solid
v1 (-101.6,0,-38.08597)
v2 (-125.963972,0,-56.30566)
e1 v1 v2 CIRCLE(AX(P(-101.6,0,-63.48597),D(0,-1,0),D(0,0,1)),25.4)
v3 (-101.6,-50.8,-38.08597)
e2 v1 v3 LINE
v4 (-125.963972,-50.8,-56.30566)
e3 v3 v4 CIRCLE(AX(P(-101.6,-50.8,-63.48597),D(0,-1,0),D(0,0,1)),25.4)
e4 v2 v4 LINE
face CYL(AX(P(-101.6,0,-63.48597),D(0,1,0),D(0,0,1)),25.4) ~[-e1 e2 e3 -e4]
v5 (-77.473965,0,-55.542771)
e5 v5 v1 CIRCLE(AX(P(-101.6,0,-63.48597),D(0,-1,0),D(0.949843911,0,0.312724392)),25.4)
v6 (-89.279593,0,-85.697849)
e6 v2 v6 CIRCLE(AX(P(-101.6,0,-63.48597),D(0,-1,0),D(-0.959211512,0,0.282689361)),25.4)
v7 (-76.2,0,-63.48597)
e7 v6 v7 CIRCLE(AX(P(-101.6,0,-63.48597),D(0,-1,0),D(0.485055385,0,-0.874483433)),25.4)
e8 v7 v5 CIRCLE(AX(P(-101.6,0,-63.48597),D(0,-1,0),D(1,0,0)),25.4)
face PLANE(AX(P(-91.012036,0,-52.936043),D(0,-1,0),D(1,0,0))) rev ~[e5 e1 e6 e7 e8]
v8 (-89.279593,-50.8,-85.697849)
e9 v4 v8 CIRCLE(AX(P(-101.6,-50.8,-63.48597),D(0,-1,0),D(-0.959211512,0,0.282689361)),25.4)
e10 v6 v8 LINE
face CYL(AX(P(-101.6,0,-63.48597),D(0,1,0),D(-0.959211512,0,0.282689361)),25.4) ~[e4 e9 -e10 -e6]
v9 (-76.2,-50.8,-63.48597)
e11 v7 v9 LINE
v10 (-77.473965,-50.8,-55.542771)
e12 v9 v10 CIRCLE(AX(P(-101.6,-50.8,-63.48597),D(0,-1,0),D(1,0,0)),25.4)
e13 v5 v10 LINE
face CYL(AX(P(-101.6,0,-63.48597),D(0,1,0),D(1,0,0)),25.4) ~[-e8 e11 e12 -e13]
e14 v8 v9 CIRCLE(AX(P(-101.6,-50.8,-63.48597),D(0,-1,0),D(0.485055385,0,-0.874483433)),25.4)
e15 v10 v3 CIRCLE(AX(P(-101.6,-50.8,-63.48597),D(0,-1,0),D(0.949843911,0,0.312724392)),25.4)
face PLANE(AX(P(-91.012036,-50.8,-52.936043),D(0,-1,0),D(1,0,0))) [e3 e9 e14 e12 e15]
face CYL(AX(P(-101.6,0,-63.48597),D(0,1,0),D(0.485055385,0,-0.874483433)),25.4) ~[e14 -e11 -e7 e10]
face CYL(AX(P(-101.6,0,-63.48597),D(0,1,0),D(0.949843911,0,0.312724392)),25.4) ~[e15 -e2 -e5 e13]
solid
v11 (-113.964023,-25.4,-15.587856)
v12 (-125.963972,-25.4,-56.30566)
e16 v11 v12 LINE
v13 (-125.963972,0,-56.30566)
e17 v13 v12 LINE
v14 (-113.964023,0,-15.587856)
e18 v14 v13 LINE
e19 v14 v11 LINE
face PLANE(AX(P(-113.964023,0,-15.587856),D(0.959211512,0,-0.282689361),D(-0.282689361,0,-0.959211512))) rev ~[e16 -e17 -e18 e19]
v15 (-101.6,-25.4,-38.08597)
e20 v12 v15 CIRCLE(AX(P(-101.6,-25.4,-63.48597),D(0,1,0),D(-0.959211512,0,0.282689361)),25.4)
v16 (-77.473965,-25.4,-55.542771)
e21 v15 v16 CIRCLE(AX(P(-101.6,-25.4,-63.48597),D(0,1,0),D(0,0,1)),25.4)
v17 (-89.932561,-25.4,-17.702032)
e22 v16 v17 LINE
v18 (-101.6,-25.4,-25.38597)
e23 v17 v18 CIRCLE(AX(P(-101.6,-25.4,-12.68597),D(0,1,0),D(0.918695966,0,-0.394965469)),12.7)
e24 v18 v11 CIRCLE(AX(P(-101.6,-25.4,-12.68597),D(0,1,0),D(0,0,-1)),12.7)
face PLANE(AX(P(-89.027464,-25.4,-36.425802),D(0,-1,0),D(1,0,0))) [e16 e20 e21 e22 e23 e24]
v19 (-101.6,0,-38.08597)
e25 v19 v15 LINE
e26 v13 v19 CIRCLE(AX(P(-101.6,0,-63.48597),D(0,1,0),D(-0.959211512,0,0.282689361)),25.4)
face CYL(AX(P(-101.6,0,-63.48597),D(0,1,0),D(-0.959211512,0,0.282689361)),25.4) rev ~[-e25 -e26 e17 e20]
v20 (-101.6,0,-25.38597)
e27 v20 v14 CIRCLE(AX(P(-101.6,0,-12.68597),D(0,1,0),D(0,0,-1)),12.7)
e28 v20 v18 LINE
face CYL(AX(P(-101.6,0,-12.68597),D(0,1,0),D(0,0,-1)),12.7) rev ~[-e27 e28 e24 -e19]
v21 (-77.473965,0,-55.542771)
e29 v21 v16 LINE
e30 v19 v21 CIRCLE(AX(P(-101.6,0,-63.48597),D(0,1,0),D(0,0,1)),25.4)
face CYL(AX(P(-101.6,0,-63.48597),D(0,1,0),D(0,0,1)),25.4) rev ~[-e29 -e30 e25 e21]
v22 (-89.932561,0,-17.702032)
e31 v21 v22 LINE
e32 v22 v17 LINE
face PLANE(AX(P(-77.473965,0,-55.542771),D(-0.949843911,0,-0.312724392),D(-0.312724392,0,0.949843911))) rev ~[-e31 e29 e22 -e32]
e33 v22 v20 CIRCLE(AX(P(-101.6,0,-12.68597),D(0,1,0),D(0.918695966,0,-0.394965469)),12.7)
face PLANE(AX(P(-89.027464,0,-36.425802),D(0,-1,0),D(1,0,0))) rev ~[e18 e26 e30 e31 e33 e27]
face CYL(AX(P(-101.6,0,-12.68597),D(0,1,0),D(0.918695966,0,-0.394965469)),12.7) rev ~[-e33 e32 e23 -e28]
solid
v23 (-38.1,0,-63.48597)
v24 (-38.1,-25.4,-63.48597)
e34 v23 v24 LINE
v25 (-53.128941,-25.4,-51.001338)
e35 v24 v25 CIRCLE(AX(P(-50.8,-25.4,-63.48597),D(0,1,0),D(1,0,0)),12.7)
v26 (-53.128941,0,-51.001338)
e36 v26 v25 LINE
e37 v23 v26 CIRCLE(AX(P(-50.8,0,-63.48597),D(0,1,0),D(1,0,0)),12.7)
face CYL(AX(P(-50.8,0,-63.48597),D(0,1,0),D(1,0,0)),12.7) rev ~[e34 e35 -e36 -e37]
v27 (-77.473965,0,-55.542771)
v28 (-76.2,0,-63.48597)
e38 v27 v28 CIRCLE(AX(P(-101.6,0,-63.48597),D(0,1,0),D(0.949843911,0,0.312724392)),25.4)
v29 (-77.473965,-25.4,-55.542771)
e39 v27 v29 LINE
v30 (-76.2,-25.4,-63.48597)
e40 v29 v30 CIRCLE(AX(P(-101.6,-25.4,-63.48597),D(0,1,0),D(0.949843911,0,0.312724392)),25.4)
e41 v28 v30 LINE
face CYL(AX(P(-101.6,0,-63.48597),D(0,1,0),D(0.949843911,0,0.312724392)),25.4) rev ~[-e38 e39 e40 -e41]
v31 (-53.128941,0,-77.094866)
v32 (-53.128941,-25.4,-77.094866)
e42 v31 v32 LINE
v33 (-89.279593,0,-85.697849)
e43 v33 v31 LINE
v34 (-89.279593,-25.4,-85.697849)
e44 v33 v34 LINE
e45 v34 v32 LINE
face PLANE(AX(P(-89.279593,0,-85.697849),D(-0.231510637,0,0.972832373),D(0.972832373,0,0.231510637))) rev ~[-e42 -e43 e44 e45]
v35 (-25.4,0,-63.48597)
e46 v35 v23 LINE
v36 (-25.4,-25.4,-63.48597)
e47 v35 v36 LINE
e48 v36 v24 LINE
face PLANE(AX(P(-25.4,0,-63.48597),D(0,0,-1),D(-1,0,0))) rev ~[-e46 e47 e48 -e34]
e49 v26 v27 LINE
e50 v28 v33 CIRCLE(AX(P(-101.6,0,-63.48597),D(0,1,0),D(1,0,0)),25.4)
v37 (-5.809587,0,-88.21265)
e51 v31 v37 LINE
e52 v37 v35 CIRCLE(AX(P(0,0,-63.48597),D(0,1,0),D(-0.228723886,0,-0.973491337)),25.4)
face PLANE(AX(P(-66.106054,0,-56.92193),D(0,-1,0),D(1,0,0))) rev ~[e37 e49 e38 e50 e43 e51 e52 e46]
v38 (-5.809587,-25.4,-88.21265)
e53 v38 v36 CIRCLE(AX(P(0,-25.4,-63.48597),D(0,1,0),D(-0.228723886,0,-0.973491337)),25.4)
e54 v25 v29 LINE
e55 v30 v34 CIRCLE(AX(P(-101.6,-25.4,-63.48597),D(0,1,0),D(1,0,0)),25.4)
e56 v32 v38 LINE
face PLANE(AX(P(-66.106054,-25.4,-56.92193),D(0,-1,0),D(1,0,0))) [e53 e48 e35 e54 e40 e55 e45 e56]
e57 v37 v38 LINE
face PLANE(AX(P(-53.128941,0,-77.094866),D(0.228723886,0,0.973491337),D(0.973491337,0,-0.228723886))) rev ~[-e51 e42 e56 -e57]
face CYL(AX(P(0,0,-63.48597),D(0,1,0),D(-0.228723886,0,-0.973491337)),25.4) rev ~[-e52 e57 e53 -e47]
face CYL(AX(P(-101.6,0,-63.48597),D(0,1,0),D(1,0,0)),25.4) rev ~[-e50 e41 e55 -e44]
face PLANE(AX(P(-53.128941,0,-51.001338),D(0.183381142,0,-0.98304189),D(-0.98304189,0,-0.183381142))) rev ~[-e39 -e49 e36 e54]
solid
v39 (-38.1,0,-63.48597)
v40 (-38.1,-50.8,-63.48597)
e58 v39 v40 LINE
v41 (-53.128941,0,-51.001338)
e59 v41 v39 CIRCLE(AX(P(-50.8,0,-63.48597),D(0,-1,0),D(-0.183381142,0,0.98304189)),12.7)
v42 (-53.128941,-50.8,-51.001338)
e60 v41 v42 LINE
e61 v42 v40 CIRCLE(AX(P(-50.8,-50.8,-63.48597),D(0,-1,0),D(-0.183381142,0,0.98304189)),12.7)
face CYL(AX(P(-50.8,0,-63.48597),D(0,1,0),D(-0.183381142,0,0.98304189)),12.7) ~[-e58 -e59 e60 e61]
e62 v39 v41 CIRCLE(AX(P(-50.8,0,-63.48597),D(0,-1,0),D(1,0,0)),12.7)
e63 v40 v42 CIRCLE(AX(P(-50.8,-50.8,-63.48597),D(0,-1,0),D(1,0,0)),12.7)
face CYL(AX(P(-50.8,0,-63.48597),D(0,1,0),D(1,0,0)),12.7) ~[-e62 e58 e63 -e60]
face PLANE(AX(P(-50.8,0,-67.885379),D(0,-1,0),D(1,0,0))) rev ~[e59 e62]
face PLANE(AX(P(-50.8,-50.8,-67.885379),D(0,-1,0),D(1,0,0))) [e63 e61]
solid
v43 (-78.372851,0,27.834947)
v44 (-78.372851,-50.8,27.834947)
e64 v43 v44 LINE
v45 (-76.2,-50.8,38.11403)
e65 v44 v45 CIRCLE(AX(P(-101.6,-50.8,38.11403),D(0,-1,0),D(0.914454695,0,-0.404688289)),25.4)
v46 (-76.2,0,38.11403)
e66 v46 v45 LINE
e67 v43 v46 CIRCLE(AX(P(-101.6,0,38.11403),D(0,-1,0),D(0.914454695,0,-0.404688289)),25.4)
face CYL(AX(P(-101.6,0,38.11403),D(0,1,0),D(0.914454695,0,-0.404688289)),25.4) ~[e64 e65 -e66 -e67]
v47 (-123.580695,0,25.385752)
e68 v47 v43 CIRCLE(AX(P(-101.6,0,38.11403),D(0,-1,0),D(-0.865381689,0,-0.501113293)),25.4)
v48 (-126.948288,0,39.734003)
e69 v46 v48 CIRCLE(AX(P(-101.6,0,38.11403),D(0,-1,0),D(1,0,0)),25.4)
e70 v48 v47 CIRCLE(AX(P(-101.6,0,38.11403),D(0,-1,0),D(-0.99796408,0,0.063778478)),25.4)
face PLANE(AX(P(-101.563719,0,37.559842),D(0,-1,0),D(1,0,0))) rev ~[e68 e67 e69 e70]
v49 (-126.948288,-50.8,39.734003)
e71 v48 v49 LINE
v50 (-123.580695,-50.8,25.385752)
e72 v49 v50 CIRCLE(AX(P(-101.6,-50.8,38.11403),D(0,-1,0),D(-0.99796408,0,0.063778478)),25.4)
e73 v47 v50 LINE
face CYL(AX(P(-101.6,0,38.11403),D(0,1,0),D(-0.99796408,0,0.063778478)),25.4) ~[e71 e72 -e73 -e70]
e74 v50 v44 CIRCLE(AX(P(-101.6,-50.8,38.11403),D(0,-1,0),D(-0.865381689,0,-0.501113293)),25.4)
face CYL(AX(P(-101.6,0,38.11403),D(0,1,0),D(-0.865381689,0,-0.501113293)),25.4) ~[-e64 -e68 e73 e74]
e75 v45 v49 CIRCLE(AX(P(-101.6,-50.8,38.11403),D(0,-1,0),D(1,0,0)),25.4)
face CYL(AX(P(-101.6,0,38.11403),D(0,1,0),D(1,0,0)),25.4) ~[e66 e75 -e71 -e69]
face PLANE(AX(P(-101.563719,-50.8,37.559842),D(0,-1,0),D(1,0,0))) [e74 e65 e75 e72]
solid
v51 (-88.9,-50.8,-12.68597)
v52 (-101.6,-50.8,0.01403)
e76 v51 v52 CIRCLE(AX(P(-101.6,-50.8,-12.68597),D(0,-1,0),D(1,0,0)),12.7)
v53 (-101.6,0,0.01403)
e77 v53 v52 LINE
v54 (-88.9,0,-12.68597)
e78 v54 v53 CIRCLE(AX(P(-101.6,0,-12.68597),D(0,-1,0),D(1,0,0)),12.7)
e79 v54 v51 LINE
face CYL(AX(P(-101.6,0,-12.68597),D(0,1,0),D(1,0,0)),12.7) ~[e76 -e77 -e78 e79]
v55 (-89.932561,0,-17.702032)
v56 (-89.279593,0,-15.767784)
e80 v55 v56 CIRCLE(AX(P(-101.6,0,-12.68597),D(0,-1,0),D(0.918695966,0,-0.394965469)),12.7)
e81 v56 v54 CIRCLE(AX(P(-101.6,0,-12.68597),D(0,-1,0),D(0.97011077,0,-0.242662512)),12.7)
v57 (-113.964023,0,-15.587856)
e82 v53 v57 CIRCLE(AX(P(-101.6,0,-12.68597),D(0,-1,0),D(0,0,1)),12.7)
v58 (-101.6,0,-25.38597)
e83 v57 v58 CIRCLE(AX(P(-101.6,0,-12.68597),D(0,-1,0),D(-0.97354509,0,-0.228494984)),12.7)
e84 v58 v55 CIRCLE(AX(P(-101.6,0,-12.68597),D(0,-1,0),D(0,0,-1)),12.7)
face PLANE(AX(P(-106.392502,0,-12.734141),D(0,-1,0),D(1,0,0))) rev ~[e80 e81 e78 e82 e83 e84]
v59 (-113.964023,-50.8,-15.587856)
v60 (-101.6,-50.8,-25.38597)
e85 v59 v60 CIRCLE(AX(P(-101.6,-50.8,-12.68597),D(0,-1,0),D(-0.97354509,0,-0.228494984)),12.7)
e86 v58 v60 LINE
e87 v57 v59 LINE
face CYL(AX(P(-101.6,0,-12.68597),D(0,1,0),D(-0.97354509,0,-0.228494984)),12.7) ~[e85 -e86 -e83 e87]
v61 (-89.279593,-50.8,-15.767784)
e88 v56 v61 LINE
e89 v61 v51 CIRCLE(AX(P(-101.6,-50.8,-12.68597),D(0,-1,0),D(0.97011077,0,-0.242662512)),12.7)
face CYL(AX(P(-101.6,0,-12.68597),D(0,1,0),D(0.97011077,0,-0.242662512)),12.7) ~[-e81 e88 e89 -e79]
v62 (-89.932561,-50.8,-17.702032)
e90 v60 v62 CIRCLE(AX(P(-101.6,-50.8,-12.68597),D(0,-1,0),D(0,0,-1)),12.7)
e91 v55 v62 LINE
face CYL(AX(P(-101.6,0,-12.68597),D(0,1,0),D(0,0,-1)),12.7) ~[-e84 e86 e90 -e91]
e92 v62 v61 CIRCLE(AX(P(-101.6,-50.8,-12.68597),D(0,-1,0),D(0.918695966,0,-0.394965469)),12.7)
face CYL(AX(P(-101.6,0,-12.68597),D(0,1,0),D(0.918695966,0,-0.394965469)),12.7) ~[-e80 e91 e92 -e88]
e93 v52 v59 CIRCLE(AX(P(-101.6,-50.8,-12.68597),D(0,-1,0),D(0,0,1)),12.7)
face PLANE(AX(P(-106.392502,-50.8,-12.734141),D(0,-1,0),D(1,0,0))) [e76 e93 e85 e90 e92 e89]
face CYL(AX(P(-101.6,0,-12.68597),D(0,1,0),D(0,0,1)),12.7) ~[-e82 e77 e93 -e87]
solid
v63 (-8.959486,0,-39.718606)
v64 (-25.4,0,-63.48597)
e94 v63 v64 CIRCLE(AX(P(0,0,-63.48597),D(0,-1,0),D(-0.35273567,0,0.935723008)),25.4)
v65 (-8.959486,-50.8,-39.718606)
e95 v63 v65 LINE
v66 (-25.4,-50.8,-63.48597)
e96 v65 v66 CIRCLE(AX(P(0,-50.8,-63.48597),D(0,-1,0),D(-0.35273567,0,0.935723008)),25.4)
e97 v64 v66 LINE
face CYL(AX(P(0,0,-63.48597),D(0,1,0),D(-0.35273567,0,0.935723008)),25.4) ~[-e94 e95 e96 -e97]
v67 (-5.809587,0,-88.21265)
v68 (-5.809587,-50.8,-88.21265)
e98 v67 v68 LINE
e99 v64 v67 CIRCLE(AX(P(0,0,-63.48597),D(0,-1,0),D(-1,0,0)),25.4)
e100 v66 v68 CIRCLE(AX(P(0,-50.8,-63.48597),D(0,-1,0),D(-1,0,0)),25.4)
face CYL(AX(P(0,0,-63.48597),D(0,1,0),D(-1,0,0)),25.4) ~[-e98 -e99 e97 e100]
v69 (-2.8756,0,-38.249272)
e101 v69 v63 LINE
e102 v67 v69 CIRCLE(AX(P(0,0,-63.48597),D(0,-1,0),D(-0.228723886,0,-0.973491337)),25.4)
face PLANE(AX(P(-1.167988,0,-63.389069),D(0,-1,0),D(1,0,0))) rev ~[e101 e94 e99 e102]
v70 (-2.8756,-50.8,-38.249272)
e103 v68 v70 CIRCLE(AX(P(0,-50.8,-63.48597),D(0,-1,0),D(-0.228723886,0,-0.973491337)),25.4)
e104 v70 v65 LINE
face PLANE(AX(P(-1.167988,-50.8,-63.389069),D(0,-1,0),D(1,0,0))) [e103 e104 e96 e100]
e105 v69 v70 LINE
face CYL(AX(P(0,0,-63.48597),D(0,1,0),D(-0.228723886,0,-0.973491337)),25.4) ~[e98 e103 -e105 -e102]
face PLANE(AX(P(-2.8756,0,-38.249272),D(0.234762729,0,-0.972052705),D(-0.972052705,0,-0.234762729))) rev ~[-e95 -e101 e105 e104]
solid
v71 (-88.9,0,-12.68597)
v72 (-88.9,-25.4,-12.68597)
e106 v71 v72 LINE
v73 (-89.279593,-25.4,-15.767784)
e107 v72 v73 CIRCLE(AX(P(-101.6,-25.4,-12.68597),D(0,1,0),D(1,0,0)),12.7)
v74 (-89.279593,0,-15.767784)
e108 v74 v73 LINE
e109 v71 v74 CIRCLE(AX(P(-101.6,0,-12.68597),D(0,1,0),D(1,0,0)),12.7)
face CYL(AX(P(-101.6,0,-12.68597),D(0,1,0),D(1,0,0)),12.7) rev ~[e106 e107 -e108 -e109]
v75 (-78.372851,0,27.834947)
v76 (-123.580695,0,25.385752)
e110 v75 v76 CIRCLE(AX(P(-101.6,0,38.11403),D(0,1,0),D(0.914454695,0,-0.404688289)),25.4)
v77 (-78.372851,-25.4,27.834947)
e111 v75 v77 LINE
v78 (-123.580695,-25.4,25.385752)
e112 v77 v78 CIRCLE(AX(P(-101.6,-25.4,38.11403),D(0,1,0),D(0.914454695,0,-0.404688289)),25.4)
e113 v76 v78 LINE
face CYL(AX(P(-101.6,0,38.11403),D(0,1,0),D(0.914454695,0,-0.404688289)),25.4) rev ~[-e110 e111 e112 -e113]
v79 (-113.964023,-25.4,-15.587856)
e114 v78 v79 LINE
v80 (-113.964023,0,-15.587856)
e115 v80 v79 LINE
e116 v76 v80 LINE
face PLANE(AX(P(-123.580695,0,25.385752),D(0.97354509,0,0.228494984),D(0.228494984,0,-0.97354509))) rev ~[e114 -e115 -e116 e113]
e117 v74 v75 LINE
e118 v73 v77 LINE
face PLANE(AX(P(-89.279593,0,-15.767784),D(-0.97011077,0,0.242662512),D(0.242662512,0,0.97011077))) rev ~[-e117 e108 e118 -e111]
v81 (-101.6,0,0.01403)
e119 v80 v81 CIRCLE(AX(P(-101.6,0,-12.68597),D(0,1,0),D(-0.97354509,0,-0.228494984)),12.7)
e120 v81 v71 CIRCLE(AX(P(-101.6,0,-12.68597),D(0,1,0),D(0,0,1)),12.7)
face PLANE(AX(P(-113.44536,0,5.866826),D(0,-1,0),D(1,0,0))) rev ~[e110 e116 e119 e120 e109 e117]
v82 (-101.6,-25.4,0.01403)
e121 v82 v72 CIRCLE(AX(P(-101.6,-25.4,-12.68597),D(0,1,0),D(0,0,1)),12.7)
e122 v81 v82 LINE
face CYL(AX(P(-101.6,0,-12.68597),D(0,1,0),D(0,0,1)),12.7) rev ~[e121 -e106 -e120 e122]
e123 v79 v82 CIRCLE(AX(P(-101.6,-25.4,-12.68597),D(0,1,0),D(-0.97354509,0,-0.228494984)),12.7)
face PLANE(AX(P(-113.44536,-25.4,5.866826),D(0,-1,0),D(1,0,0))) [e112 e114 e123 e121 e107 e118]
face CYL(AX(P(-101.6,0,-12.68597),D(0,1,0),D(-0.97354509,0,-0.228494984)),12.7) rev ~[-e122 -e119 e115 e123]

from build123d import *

# Parameters (mm, degrees)
F1_DEPTH = 50.8
F2_DEPTH = 25.4


with BuildPart() as f1:
    # F0 (on Front) → F1 (new body)
    with BuildSketch(Plane.XZ):
        with BuildLine():
            Line((-126.9482876411, 39.7340031956), (-123.5806948942, 25.3857521911))
            ThreePointArc((-123.5806948942, 25.3857521911), (-114.2858532953, 16.1088230455), (-101.6, 12.7140298423))
            ThreePointArc((-101.6, 12.7140298423), (-87.7423071309, 16.8273121915), (-78.3728507562, 27.8349472954))
            ThreePointArc((-78.3728507562, 27.8349472954), (-76.7491490006, 32.8609160415), (-76.2, 38.1140298423))
            ThreePointArc((-76.2, 38.1140298423), (-100.7896007414, 63.5010984609), (-126.9482876411, 39.7340031956))
        make_face()
        with BuildLine():
            ThreePointArc((-126.9482876411, 39.7340031956), (-126.3280452863, 32.3102572485), (-123.5806948942, 25.3857521911))
            Line((-123.5806948942, 25.3857521911), (-126.9482876411, 39.7340031956))
        make_face()
    extrude(amount=F1_DEPTH)


with BuildPart() as f1b:
    # F0 (on Front) → F1, piece 2 (new body)
    with BuildSketch(Plane.XZ):
        with BuildLine():
            ThreePointArc((-113.9640226431, -15.5878564546), (-109.4878401362, -22.6394609014), (-101.6, -25.3859701577))
            Line((-101.6, -25.3859701577), (-101.6, -12.6859701577))
            Line((-101.6, -12.6859701577), (-101.6, 0.0140298423))
            ThreePointArc((-101.6, 0.0140298423), (-111.5534907437, -4.7981300214), (-113.9640226431, -15.5878564546))
        make_face()
        with BuildLine():
            Line((-101.6, -12.6859701577), (-101.6, -25.3859701577))
            ThreePointArc((-101.6, -25.3859701577), (-94.6148006654, -23.2924299938), (-89.93256123, -17.7020316154))
            ThreePointArc((-89.93256123, -17.7020316154), (-89.5671486402, -16.7480494469), (-89.279593227, -15.7677840629))
            ThreePointArc((-89.279593227, -15.7677840629), (-88.9952555358, -14.2385219253), (-88.9, -12.6859701577))
            ThreePointArc((-88.9, -12.6859701577), (-92.6197438789, -3.7057140366), (-101.6, 0.0140298423))
            Line((-101.6, 0.0140298423), (-101.6, -12.6859701577))
        make_face()
    extrude(amount=F1_DEPTH)


with BuildPart() as f1c:
    # F0 (on Front) → F1, piece 3 (new body)
    with BuildSketch(Plane.XZ):
        with BuildLine():
            Line((-101.6, -38.0859701577), (-101.6, -63.4859701577))
            Line((-101.6, -63.4859701577), (-76.2, -63.4859701577))
            ThreePointArc((-76.2, -63.4859701577), (-76.5205133877, -59.4636137262), (-77.4739646663, -55.5427706087))
            ThreePointArc((-77.4739646663, -55.5427706087), (-86.7103604568, -42.9078595964), (-101.6, -38.0859701577))
        make_face()
        with BuildLine():
            Line((-76.2, -63.4859701577), (-101.6, -63.4859701577))
            Line((-101.6, -63.4859701577), (-101.6, -38.0859701577))
            ThreePointArc((-101.6, -38.0859701577), (-116.811510971, -43.1446345579), (-125.9639724125, -56.3056603954))
            ThreePointArc((-125.9639724125, -56.3056603954), (-117.4819728344, -83.3082540545), (-89.279593227, -85.6978493431))
            ThreePointArc((-89.279593227, -85.6978493431), (-79.7128081742, -76.3743693594), (-76.2, -63.4859701577))
        make_face()
    extrude(amount=F1_DEPTH)


with BuildPart() as f1d:
    # F0 (on Front) → F1, piece 4 (new body)
    with BuildSketch(Plane.XZ):
        with BuildLine():
            Line((-50.8, -63.4859701577), (-63.5, -63.4859701577))
            ThreePointArc((-63.5, -63.4859701577), (-50.8, -76.1859701577), (-38.1, -63.4859701577))
            Line((-38.1, -63.4859701577), (-50.8, -63.4859701577))
        make_face()
        with BuildLine():
            ThreePointArc((-53.1289405052, -51.0013381597), (-60.5690210465, -55.3707851448), (-63.5, -63.4859701577))
            Line((-63.5, -63.4859701577), (-50.8, -63.4859701577))
            Line((-50.8, -63.4859701577), (-38.1, -63.4859701577))
            ThreePointArc((-38.1, -63.4859701577), (-42.6848149872, -53.7169491111), (-53.1289405052, -51.0013381597))
        make_face()
    extrude(amount=F1_DEPTH)


with BuildPart() as f1e:
    # F0 (on Front) → F1, piece 5 (new body)
    with BuildSketch(Plane.XZ):
        with BuildLine():
            ThreePointArc((-8.9594860061, -39.718605758), (-20.8893626585, -49.0362460177), (-25.4, -63.4859701577))
            ThreePointArc((-25.4, -63.4859701577), (-19.9088360045, -79.2593099735), (-5.8095866971, -88.2126501291))
            ThreePointArc((-5.8095866971, -88.2126501291), (15.7733398159, -83.3948061621), (25.4, -63.4859701577))
            ThreePointArc((25.4, -63.4859701577), (16.9133047971, -44.5360329324), (-2.8756000662, -38.249272191))
            Line((-2.8756000662, -38.249272191), (-8.9594860061, -39.718605758))
        make_face()
    extrude(amount=F1_DEPTH)


with BuildPart() as f2:
    # F0 (on Front) → F2 (new body)
    with BuildSketch(Plane.XZ):
        with BuildLine():
            Line((-123.5806948942, 25.3857521911), (-113.9640226431, -15.5878564546))
            ThreePointArc((-113.9640226431, -15.5878564546), (-111.5534907437, -4.7981300214), (-101.6, 0.0140298423))
            Line((-101.6, 0.0140298423), (-101.6, 12.7140298423))
            ThreePointArc((-101.6, 12.7140298423), (-114.2858532953, 16.1088230455), (-123.5806948942, 25.3857521911))
        make_face()
        with BuildLine():
            ThreePointArc((-88.9, -12.6859701577), (-88.9952555358, -14.2385219253), (-89.279593227, -15.7677840629))
            Line((-89.279593227, -15.7677840629), (-78.3728507562, 27.8349472954))
            ThreePointArc((-78.3728507562, 27.8349472954), (-87.7423071309, 16.8273121915), (-101.6, 12.7140298423))
            Line((-101.6, 12.7140298423), (-101.6, 0.0140298423))
            ThreePointArc((-101.6, 0.0140298423), (-92.6197438789, -3.7057140366), (-88.9, -12.6859701577))
        make_face()
    extrude(amount=F2_DEPTH)


with BuildPart() as f2b:
    # F0 (on Front) → F2, piece 2 (new body)
    with BuildSketch(Plane.XZ):
        with BuildLine():
            Line((-101.6, -25.3859701577), (-101.6, -38.0859701577))
            ThreePointArc((-101.6, -38.0859701577), (-86.7103604568, -42.9078595964), (-77.4739646663, -55.5427706087))
            Line((-77.4739646663, -55.5427706087), (-89.93256123, -17.7020316154))
            ThreePointArc((-89.93256123, -17.7020316154), (-94.6148006654, -23.2924299938), (-101.6, -25.3859701577))
        make_face()
        with BuildLine():
            ThreePointArc((-125.9639724125, -56.3056603954), (-116.811510971, -43.1446345579), (-101.6, -38.0859701577))
            Line((-101.6, -38.0859701577), (-101.6, -25.3859701577))
            ThreePointArc((-101.6, -25.3859701577), (-109.4878401362, -22.6394609014), (-113.9640226431, -15.5878564546))
            Line((-113.9640226431, -15.5878564546), (-125.9639724125, -56.3056603954))
        make_face()
    extrude(amount=F2_DEPTH)


with BuildPart() as f2c:
    # F0 (on Front) → F2, piece 3 (new body)
    with BuildSketch(Plane.XZ):
        with BuildLine():
            ThreePointArc((-77.4739646663, -55.5427706087), (-76.5205133877, -59.4636137262), (-76.2, -63.4859701577))
            Line((-76.2, -63.4859701577), (-63.5, -63.4859701577))
            ThreePointArc((-63.5, -63.4859701577), (-60.5690210465, -55.3707851448), (-53.1289405052, -51.0013381597))
            Line((-53.1289405052, -51.0013381597), (-77.4739646663, -55.5427706087))
        make_face()
        with BuildLine():
            Line((-63.5, -63.4859701577), (-76.2, -63.4859701577))
            ThreePointArc((-76.2, -63.4859701577), (-79.7128081742, -76.3743693594), (-89.279593227, -85.6978493431))
            Line((-89.279593227, -85.6978493431), (-53.1289405052, -77.0948660708))
            Line((-53.1289405052, -77.0948660708), (-5.8095866971, -88.2126501291))
            ThreePointArc((-5.8095866971, -88.2126501291), (-19.9088360045, -79.2593099735), (-25.4, -63.4859701577))
            Line((-25.4, -63.4859701577), (-38.1, -63.4859701577))
            ThreePointArc((-38.1, -63.4859701577), (-50.8, -76.1859701577), (-63.5, -63.4859701577))
        make_face()
    extrude(amount=F2_DEPTH)


solid = Compound([f1.part, f1b.part, f1c.part, f1d.part, f1e.part, f2.part, f2b.part, f2c.part])
